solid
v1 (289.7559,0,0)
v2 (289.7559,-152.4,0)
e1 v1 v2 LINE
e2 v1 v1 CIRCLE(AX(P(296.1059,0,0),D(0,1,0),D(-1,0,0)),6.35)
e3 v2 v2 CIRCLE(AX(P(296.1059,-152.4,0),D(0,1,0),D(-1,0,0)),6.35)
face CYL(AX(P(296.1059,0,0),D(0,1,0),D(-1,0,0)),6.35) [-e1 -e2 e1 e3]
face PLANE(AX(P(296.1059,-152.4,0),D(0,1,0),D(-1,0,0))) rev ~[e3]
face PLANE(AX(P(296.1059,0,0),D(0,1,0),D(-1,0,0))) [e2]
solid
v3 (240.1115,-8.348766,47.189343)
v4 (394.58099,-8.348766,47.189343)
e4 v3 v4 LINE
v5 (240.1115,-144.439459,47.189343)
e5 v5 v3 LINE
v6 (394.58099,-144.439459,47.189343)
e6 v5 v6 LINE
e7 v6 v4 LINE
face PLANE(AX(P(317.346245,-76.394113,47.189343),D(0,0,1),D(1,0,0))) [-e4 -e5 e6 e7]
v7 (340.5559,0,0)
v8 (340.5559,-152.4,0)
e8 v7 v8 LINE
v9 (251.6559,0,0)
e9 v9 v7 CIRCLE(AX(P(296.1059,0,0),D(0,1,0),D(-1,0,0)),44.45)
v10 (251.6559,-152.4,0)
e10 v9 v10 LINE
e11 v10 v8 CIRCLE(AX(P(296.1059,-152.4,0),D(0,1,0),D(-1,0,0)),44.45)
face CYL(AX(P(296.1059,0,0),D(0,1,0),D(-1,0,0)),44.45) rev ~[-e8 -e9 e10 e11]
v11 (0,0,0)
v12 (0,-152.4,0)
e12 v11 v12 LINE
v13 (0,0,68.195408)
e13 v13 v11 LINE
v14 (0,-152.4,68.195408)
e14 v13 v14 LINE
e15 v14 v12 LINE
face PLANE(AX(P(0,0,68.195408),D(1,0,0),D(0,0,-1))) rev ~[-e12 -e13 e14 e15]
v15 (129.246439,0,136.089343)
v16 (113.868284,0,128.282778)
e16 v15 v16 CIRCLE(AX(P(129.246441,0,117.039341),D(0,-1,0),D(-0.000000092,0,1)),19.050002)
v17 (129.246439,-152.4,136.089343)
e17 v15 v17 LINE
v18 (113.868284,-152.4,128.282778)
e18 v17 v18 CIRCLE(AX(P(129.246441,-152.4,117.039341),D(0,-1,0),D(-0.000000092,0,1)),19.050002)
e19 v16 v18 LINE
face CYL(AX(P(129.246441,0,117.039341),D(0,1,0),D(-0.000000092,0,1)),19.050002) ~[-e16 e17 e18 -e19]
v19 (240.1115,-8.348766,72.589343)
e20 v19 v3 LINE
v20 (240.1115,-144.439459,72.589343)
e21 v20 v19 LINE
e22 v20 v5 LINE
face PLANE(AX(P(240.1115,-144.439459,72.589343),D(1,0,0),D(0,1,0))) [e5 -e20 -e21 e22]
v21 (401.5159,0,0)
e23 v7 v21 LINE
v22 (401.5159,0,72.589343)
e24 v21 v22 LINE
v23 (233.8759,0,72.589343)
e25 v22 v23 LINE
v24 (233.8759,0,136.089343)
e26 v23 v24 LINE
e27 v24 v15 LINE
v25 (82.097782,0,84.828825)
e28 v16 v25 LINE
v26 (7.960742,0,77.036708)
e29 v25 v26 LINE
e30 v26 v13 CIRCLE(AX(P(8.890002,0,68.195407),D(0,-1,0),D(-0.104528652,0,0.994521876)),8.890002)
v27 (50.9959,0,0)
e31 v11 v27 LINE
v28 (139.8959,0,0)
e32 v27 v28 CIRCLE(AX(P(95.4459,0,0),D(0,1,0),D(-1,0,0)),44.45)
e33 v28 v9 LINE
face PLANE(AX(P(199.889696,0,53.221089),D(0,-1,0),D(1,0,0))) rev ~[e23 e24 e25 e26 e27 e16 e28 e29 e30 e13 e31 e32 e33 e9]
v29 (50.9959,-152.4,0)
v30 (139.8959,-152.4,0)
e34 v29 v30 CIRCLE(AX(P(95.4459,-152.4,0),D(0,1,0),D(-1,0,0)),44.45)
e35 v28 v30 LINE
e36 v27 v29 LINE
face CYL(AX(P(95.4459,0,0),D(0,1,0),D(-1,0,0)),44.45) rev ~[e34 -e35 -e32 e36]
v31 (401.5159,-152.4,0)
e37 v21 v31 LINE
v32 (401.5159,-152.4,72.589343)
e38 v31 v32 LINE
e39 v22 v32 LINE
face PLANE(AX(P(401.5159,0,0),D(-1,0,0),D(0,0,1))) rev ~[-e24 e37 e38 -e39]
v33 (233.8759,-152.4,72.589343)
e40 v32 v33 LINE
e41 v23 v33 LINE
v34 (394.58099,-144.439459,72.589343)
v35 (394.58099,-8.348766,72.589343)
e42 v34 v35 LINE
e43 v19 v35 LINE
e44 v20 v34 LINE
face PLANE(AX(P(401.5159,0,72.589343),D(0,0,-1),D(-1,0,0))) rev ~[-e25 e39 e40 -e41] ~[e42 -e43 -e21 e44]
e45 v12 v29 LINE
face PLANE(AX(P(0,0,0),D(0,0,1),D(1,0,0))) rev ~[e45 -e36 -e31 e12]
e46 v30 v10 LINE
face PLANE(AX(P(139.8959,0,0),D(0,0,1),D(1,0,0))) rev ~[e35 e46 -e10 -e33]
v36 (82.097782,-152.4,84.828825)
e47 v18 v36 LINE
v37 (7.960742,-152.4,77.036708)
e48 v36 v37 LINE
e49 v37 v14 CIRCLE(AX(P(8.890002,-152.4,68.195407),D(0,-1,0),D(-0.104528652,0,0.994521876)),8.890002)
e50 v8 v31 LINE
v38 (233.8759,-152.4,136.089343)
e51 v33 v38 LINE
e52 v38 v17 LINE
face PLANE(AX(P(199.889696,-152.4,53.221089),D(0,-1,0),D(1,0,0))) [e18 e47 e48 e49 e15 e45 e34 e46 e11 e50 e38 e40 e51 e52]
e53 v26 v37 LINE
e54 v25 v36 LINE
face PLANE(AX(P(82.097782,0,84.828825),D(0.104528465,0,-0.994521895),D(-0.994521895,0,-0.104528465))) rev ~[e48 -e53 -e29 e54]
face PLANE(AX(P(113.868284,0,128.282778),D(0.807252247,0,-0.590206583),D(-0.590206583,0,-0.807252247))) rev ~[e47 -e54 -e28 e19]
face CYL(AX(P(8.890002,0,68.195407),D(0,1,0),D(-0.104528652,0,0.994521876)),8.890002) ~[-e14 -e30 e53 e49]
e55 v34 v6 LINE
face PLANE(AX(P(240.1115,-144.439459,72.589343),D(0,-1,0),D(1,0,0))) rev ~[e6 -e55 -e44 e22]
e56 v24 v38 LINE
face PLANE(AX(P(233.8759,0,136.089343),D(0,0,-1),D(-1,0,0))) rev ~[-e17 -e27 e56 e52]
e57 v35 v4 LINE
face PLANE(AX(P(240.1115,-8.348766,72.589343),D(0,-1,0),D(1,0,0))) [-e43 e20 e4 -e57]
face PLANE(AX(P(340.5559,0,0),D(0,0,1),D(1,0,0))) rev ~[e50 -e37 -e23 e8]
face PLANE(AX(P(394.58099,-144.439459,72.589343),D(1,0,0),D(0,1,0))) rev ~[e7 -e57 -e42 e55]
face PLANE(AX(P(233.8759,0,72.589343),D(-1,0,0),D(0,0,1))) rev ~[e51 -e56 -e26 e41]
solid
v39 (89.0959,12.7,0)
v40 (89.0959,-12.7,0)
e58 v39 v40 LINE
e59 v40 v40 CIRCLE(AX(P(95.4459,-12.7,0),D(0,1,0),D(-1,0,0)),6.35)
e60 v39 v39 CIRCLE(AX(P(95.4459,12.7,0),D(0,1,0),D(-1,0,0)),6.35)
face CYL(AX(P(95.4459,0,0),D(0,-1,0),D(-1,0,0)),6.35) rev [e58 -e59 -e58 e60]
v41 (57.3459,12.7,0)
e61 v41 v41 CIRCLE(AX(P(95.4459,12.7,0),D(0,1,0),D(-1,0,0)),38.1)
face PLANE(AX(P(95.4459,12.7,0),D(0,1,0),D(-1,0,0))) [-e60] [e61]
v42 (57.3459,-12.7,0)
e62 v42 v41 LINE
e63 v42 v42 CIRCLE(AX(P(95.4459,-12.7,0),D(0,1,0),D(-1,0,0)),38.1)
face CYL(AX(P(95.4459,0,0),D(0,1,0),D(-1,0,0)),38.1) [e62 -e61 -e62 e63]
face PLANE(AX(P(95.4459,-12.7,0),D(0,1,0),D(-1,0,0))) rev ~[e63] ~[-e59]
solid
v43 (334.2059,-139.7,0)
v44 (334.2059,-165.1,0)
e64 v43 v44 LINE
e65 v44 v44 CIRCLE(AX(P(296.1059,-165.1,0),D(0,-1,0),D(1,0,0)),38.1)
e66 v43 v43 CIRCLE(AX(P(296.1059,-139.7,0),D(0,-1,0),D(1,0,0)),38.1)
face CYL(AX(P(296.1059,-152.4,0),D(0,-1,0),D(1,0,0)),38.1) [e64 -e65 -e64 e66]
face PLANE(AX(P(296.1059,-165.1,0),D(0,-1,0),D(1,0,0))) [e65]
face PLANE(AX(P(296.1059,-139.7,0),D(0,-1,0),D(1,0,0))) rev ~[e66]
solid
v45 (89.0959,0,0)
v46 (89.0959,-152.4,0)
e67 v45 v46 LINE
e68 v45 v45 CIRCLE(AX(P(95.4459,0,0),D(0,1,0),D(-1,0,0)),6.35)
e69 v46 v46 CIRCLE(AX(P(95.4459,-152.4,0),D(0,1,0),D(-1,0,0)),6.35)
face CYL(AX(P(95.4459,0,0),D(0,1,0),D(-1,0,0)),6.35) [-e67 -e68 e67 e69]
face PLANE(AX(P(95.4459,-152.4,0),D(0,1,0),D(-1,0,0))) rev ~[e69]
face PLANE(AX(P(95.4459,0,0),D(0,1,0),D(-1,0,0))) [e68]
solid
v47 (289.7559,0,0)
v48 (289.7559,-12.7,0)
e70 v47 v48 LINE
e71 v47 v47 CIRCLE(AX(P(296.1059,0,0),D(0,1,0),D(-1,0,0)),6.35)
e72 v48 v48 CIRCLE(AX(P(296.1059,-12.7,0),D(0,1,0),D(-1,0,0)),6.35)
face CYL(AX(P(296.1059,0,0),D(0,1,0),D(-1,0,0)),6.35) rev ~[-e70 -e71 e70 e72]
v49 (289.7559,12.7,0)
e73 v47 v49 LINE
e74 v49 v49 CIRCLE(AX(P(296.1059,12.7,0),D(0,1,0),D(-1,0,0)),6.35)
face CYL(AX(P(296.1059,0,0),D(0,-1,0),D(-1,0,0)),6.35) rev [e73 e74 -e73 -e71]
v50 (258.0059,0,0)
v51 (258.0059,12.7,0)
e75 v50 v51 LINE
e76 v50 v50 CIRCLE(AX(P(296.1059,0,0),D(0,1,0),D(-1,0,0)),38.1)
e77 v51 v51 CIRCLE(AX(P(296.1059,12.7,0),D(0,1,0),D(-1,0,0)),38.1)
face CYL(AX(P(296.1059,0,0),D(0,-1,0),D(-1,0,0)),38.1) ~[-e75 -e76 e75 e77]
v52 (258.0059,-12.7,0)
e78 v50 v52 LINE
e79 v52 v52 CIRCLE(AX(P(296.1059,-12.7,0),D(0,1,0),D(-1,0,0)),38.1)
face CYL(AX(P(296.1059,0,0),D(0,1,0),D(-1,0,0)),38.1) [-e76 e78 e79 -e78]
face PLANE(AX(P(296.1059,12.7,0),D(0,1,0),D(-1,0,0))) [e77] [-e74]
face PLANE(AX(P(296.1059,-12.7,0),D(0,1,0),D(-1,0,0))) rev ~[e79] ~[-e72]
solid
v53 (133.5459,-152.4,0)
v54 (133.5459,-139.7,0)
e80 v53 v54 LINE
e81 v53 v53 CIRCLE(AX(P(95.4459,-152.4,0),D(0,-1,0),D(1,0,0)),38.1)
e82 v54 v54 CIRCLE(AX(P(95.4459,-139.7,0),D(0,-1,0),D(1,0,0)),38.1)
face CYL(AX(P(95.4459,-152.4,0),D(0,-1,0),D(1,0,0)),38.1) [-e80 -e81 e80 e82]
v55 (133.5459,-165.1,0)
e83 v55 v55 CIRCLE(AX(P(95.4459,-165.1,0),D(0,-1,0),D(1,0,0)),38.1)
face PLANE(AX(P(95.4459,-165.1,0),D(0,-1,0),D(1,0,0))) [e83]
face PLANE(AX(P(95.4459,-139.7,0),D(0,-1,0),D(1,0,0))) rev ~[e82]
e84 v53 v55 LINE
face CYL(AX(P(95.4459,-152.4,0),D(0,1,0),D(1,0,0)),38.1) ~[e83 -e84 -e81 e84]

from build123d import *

# Parameters (mm, degrees)
F1_DEPTH = 152.4
F2_R     = 38.1
F3_DEPTH = 12.7
F4_R     = 6.35
F5_DEPTH = 152.4
F4_R_2   = 38.1
F6_DEPTH = 12.7
F7_W     = 154.46949
F7_H     = 136.090693
F8_DEPTH = 25.4


with BuildPart() as f1:
    # F0 (on Front) → F1 (new body)
    with BuildSketch(Plane.XZ):
        with BuildLine():
            Line((0, 68.195408), (0, 0))
            Line((0, 0), (50.9959, 0))
            ThreePointArc((50.9959, 0), (95.4459, 44.45), (139.8959, 0))
            Line((139.8959, 0), (251.6559, 0))
            ThreePointArc((251.6559, 0), (296.1059, 44.45), (340.5559, 0))
            Line((340.5559, 0), (401.5159, 0))
            Line((401.5159, 0), (401.5159, 72.589343))
            Line((401.5159, 72.589343), (233.8759, 72.589343))
            Line((233.8759, 72.589343), (233.8759, 136.089343))
            Line((233.8759, 136.089343), (129.246439, 136.089343))
            ThreePointArc((129.246439, 136.089343), (120.623358, 134.025954), (113.868284, 128.282778))
            Line((113.868284, 128.282778), (82.097782, 84.828825))
            Line((82.097782, 84.828825), (7.960742, 77.036708))
            ThreePointArc((7.960742, 77.036708), (2.283443, 74.143979), (0, 68.195408))
        make_face()
    extrude(amount=F1_DEPTH)

    # F7 (on face) → F8 (cut)
    with BuildSketch(Plane.XY.offset(72.589343)):
        with Locations((317.346245, -76.394113)):
            Rectangle(F7_W, F7_H)
    extrude(amount=-F8_DEPTH, mode=Mode.SUBTRACT)


with BuildPart() as f3:
    # F2 (on face) → F3 (new body, symmetric)
    with BuildSketch(Plane.XZ.offset(152.4)):
        with Locations((95.4459, 0)):
            Circle(F2_R)
        with Locations((296.1059, 0)):
            Circle(F2_R)
    extrude(amount=F3_DEPTH, both=True)


with BuildPart() as f5:
    # F4 (on face) → F5 (new body)
    with BuildSketch(Plane(origin=(0, 0, 0), x_dir=(-1, 0, 0), z_dir=(0, 1, 0))):
        with Locations((-296.1059, 0)):
            Circle(F4_R)
        with Locations((-95.4459, 0)):
            Circle(F4_R)
    extrude(amount=-F5_DEPTH)


with BuildPart() as f6:
    # F4 (on face) → F6 (new body, symmetric)
    with BuildSketch(Plane(origin=(0, 0, 0), x_dir=(-1, 0, 0), z_dir=(0, 1, 0))):
        with Locations((-296.1059, 0)):
            Circle(F4_R_2)
        with Locations((-296.1059, 0)):
            Circle(F4_R, mode=Mode.SUBTRACT)
        with Locations((-95.4459, 0)):
            Circle(F4_R_2)
        with Locations((-95.4459, 0)):
            Circle(F4_R, mode=Mode.SUBTRACT)
    extrude(amount=F6_DEPTH, both=True)


solid = Compound([f1.part, f3.part, f5.part, f6.part])
